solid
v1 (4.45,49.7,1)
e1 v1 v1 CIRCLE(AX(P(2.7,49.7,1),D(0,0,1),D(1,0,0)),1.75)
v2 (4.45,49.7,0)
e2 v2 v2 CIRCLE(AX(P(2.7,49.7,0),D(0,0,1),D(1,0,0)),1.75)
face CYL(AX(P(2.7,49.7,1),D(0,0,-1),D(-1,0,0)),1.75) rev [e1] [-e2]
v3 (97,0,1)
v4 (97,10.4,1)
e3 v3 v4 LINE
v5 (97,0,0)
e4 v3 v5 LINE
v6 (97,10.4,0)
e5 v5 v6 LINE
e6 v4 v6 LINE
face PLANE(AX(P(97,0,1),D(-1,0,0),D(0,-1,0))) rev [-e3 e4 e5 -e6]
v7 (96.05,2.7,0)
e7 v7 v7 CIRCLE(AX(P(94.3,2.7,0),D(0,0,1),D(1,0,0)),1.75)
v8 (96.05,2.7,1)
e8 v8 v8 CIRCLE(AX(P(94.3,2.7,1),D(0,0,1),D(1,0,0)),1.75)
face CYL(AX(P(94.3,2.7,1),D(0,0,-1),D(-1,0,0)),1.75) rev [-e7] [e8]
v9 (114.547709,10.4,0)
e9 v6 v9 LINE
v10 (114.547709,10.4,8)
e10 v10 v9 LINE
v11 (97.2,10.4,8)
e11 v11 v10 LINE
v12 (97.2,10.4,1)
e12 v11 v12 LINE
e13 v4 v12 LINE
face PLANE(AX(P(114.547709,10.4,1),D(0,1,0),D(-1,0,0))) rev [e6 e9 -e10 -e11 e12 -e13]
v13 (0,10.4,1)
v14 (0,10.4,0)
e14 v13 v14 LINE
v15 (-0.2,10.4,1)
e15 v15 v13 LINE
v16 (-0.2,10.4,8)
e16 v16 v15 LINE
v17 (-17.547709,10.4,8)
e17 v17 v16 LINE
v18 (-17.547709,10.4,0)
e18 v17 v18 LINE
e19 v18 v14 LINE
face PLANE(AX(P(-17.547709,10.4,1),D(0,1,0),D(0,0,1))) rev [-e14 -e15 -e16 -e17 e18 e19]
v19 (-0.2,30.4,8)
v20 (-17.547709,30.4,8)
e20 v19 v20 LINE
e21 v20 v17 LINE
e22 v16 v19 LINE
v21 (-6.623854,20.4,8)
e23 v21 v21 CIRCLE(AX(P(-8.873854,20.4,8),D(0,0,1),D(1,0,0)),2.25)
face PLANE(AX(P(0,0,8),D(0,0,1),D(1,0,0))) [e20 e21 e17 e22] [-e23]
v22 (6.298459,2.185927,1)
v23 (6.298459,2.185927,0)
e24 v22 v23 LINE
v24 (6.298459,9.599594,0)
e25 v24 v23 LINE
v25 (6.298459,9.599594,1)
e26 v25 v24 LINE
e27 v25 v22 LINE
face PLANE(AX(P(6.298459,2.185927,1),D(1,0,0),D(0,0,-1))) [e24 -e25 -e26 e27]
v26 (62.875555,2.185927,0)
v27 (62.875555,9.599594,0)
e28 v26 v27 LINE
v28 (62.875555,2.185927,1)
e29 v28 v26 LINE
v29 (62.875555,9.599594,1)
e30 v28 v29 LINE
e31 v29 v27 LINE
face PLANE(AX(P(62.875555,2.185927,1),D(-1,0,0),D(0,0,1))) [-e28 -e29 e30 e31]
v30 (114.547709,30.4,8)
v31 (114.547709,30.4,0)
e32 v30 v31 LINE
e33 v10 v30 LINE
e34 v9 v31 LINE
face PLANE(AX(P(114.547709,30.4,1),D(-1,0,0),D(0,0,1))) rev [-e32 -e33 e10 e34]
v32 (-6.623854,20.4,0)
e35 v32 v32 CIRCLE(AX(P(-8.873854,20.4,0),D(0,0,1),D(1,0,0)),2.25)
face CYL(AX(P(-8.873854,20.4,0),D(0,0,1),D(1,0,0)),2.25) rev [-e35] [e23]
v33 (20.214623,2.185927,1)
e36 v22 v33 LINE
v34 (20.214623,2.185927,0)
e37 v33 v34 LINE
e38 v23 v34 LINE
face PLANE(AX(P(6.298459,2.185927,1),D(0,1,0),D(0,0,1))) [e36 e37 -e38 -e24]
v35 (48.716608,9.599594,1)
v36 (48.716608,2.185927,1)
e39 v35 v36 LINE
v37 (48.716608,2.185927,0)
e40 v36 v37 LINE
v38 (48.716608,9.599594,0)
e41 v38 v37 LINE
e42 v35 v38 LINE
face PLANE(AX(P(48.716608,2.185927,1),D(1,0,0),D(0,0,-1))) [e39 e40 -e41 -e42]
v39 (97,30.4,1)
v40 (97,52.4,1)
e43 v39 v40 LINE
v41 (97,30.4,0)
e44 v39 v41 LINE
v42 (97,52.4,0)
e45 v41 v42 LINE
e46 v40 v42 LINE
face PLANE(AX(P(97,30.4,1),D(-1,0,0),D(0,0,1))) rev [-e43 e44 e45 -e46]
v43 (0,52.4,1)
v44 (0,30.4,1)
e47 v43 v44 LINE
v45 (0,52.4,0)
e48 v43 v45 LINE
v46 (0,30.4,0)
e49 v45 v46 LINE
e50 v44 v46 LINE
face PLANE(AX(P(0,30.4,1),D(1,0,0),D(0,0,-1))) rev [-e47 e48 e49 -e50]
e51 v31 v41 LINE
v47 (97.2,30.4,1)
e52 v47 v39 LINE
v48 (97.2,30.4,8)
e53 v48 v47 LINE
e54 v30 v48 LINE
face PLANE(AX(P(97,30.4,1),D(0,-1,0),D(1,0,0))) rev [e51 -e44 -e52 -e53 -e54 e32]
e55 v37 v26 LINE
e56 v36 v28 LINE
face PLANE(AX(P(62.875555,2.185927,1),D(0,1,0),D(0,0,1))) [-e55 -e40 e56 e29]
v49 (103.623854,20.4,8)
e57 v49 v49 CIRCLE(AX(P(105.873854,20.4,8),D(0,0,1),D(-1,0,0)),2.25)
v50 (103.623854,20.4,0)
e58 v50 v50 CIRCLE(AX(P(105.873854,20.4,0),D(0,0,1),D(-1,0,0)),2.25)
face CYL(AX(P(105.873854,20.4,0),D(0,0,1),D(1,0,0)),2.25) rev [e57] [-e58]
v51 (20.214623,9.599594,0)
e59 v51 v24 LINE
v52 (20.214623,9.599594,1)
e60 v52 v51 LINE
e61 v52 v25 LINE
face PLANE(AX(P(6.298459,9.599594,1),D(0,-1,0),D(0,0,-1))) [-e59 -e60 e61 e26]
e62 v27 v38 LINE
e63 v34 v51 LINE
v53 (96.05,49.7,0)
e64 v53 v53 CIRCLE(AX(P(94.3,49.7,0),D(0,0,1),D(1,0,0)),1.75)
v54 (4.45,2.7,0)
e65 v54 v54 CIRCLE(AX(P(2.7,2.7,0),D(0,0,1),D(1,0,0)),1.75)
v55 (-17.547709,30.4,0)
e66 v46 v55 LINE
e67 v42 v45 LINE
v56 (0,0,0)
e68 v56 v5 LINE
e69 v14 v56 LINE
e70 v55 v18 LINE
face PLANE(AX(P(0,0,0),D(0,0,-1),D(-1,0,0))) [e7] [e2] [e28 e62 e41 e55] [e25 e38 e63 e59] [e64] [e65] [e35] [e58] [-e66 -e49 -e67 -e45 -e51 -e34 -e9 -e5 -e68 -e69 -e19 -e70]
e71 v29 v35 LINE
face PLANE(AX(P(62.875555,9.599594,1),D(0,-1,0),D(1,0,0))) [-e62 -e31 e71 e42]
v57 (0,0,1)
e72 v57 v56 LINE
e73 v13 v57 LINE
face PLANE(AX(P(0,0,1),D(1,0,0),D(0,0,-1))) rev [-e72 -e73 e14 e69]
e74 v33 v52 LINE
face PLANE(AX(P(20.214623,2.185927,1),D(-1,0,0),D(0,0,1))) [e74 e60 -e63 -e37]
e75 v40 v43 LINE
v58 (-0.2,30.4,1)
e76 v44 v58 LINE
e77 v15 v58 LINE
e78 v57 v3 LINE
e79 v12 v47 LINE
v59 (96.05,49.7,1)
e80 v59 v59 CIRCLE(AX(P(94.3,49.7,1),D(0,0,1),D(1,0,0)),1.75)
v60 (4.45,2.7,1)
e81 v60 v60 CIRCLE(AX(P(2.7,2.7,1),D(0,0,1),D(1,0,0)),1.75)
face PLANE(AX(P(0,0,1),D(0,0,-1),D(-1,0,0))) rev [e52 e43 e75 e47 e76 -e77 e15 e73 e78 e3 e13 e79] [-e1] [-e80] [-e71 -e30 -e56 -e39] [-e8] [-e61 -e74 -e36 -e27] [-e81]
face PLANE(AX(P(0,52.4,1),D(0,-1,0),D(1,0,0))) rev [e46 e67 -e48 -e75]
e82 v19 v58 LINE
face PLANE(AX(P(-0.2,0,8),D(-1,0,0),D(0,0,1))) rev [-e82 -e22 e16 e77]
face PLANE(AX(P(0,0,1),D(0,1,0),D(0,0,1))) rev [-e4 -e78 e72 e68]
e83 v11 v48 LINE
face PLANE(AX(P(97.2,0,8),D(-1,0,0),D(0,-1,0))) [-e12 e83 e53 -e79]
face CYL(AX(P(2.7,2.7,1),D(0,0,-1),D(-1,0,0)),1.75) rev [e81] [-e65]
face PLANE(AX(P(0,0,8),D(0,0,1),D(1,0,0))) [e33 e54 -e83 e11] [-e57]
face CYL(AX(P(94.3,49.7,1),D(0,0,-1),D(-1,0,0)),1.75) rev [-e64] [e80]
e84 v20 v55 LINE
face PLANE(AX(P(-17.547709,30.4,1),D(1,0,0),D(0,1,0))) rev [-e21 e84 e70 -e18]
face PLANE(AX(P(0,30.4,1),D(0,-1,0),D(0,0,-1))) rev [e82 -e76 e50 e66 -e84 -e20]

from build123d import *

# Parameters (mm, degrees)
SKIZZE1_R                       = 1.75
SKIZZE1_W                       = 13.916164063
SKIZZE1_H                       = 7.413667428
SKIZZE1_W_2                     = 14.158947343
AUFSATZ_LINEAR_AUSTRAGEN1_DEPTH = 1
SKIZZE2_W                       = 17.347708731
SKIZZE2_H                       = 20
AUFSATZ_LINEAR_AUSTRAGEN2_DEPTH = 7
SKIZZE3_R                       = 2.25
SCHNITT_LINEAR_AUSTRAGEN1_DEPTH = 9


with BuildPart() as part:
    # Skizze1 → Aufsatz-Linear austragen1 (new body)
    with BuildSketch(Plane.XY):
        Polygon((0, 0), (97, 0), (97, 10.4), (114.547708731, 10.4), (114.547708731, 30.4), (97, 30.4), (97, 52.4), (0, 52.4), (0, 30.4), (-17.547708731, 30.4), (-17.547708731, 10.4), (0, 10.4), align=None)
        with Locations((94.3, 49.7)):
            Circle(SKIZZE1_R, mode=Mode.SUBTRACT)
        with Locations((94.3, 2.7)):
            Circle(SKIZZE1_R, mode=Mode.SUBTRACT)
        with Locations((2.7, 2.7)):
            Circle(SKIZZE1_R, mode=Mode.SUBTRACT)
        with Locations((2.7, 49.7)):
            Circle(SKIZZE1_R, mode=Mode.SUBTRACT)
        with Locations((13.256540885, 5.892760701)):
            Rectangle(SKIZZE1_W, SKIZZE1_H, mode=Mode.SUBTRACT)
        with Locations((55.796081341, 5.892760701)):
            Rectangle(SKIZZE1_W_2, SKIZZE1_H, mode=Mode.SUBTRACT)
    extrude(amount=AUFSATZ_LINEAR_AUSTRAGEN1_DEPTH)

    # Skizze2 → Aufsatz-Linear austragen2 (add)
    with BuildSketch(Plane.XY.offset(1)):
        with Locations((-8.873854365, 20.4)):
            Rectangle(SKIZZE2_W, SKIZZE2_H)
        with Locations((105.873854365, 20.4)):
            Rectangle(SKIZZE2_W, SKIZZE2_H)
    extrude(amount=AUFSATZ_LINEAR_AUSTRAGEN2_DEPTH)

    # Skizze3 → Schnitt-Linear austragen1 (cut, through all)
    with BuildSketch(Plane.XY.offset(8)):
        with Locations((-8.873854365, 20.4)):
            Circle(SKIZZE3_R)
        with Locations((105.873854365, 20.4)):
            Circle(SKIZZE3_R)
    extrude(amount=-SCHNITT_LINEAR_AUSTRAGEN1_DEPTH, mode=Mode.SUBTRACT)


solid = part.part
